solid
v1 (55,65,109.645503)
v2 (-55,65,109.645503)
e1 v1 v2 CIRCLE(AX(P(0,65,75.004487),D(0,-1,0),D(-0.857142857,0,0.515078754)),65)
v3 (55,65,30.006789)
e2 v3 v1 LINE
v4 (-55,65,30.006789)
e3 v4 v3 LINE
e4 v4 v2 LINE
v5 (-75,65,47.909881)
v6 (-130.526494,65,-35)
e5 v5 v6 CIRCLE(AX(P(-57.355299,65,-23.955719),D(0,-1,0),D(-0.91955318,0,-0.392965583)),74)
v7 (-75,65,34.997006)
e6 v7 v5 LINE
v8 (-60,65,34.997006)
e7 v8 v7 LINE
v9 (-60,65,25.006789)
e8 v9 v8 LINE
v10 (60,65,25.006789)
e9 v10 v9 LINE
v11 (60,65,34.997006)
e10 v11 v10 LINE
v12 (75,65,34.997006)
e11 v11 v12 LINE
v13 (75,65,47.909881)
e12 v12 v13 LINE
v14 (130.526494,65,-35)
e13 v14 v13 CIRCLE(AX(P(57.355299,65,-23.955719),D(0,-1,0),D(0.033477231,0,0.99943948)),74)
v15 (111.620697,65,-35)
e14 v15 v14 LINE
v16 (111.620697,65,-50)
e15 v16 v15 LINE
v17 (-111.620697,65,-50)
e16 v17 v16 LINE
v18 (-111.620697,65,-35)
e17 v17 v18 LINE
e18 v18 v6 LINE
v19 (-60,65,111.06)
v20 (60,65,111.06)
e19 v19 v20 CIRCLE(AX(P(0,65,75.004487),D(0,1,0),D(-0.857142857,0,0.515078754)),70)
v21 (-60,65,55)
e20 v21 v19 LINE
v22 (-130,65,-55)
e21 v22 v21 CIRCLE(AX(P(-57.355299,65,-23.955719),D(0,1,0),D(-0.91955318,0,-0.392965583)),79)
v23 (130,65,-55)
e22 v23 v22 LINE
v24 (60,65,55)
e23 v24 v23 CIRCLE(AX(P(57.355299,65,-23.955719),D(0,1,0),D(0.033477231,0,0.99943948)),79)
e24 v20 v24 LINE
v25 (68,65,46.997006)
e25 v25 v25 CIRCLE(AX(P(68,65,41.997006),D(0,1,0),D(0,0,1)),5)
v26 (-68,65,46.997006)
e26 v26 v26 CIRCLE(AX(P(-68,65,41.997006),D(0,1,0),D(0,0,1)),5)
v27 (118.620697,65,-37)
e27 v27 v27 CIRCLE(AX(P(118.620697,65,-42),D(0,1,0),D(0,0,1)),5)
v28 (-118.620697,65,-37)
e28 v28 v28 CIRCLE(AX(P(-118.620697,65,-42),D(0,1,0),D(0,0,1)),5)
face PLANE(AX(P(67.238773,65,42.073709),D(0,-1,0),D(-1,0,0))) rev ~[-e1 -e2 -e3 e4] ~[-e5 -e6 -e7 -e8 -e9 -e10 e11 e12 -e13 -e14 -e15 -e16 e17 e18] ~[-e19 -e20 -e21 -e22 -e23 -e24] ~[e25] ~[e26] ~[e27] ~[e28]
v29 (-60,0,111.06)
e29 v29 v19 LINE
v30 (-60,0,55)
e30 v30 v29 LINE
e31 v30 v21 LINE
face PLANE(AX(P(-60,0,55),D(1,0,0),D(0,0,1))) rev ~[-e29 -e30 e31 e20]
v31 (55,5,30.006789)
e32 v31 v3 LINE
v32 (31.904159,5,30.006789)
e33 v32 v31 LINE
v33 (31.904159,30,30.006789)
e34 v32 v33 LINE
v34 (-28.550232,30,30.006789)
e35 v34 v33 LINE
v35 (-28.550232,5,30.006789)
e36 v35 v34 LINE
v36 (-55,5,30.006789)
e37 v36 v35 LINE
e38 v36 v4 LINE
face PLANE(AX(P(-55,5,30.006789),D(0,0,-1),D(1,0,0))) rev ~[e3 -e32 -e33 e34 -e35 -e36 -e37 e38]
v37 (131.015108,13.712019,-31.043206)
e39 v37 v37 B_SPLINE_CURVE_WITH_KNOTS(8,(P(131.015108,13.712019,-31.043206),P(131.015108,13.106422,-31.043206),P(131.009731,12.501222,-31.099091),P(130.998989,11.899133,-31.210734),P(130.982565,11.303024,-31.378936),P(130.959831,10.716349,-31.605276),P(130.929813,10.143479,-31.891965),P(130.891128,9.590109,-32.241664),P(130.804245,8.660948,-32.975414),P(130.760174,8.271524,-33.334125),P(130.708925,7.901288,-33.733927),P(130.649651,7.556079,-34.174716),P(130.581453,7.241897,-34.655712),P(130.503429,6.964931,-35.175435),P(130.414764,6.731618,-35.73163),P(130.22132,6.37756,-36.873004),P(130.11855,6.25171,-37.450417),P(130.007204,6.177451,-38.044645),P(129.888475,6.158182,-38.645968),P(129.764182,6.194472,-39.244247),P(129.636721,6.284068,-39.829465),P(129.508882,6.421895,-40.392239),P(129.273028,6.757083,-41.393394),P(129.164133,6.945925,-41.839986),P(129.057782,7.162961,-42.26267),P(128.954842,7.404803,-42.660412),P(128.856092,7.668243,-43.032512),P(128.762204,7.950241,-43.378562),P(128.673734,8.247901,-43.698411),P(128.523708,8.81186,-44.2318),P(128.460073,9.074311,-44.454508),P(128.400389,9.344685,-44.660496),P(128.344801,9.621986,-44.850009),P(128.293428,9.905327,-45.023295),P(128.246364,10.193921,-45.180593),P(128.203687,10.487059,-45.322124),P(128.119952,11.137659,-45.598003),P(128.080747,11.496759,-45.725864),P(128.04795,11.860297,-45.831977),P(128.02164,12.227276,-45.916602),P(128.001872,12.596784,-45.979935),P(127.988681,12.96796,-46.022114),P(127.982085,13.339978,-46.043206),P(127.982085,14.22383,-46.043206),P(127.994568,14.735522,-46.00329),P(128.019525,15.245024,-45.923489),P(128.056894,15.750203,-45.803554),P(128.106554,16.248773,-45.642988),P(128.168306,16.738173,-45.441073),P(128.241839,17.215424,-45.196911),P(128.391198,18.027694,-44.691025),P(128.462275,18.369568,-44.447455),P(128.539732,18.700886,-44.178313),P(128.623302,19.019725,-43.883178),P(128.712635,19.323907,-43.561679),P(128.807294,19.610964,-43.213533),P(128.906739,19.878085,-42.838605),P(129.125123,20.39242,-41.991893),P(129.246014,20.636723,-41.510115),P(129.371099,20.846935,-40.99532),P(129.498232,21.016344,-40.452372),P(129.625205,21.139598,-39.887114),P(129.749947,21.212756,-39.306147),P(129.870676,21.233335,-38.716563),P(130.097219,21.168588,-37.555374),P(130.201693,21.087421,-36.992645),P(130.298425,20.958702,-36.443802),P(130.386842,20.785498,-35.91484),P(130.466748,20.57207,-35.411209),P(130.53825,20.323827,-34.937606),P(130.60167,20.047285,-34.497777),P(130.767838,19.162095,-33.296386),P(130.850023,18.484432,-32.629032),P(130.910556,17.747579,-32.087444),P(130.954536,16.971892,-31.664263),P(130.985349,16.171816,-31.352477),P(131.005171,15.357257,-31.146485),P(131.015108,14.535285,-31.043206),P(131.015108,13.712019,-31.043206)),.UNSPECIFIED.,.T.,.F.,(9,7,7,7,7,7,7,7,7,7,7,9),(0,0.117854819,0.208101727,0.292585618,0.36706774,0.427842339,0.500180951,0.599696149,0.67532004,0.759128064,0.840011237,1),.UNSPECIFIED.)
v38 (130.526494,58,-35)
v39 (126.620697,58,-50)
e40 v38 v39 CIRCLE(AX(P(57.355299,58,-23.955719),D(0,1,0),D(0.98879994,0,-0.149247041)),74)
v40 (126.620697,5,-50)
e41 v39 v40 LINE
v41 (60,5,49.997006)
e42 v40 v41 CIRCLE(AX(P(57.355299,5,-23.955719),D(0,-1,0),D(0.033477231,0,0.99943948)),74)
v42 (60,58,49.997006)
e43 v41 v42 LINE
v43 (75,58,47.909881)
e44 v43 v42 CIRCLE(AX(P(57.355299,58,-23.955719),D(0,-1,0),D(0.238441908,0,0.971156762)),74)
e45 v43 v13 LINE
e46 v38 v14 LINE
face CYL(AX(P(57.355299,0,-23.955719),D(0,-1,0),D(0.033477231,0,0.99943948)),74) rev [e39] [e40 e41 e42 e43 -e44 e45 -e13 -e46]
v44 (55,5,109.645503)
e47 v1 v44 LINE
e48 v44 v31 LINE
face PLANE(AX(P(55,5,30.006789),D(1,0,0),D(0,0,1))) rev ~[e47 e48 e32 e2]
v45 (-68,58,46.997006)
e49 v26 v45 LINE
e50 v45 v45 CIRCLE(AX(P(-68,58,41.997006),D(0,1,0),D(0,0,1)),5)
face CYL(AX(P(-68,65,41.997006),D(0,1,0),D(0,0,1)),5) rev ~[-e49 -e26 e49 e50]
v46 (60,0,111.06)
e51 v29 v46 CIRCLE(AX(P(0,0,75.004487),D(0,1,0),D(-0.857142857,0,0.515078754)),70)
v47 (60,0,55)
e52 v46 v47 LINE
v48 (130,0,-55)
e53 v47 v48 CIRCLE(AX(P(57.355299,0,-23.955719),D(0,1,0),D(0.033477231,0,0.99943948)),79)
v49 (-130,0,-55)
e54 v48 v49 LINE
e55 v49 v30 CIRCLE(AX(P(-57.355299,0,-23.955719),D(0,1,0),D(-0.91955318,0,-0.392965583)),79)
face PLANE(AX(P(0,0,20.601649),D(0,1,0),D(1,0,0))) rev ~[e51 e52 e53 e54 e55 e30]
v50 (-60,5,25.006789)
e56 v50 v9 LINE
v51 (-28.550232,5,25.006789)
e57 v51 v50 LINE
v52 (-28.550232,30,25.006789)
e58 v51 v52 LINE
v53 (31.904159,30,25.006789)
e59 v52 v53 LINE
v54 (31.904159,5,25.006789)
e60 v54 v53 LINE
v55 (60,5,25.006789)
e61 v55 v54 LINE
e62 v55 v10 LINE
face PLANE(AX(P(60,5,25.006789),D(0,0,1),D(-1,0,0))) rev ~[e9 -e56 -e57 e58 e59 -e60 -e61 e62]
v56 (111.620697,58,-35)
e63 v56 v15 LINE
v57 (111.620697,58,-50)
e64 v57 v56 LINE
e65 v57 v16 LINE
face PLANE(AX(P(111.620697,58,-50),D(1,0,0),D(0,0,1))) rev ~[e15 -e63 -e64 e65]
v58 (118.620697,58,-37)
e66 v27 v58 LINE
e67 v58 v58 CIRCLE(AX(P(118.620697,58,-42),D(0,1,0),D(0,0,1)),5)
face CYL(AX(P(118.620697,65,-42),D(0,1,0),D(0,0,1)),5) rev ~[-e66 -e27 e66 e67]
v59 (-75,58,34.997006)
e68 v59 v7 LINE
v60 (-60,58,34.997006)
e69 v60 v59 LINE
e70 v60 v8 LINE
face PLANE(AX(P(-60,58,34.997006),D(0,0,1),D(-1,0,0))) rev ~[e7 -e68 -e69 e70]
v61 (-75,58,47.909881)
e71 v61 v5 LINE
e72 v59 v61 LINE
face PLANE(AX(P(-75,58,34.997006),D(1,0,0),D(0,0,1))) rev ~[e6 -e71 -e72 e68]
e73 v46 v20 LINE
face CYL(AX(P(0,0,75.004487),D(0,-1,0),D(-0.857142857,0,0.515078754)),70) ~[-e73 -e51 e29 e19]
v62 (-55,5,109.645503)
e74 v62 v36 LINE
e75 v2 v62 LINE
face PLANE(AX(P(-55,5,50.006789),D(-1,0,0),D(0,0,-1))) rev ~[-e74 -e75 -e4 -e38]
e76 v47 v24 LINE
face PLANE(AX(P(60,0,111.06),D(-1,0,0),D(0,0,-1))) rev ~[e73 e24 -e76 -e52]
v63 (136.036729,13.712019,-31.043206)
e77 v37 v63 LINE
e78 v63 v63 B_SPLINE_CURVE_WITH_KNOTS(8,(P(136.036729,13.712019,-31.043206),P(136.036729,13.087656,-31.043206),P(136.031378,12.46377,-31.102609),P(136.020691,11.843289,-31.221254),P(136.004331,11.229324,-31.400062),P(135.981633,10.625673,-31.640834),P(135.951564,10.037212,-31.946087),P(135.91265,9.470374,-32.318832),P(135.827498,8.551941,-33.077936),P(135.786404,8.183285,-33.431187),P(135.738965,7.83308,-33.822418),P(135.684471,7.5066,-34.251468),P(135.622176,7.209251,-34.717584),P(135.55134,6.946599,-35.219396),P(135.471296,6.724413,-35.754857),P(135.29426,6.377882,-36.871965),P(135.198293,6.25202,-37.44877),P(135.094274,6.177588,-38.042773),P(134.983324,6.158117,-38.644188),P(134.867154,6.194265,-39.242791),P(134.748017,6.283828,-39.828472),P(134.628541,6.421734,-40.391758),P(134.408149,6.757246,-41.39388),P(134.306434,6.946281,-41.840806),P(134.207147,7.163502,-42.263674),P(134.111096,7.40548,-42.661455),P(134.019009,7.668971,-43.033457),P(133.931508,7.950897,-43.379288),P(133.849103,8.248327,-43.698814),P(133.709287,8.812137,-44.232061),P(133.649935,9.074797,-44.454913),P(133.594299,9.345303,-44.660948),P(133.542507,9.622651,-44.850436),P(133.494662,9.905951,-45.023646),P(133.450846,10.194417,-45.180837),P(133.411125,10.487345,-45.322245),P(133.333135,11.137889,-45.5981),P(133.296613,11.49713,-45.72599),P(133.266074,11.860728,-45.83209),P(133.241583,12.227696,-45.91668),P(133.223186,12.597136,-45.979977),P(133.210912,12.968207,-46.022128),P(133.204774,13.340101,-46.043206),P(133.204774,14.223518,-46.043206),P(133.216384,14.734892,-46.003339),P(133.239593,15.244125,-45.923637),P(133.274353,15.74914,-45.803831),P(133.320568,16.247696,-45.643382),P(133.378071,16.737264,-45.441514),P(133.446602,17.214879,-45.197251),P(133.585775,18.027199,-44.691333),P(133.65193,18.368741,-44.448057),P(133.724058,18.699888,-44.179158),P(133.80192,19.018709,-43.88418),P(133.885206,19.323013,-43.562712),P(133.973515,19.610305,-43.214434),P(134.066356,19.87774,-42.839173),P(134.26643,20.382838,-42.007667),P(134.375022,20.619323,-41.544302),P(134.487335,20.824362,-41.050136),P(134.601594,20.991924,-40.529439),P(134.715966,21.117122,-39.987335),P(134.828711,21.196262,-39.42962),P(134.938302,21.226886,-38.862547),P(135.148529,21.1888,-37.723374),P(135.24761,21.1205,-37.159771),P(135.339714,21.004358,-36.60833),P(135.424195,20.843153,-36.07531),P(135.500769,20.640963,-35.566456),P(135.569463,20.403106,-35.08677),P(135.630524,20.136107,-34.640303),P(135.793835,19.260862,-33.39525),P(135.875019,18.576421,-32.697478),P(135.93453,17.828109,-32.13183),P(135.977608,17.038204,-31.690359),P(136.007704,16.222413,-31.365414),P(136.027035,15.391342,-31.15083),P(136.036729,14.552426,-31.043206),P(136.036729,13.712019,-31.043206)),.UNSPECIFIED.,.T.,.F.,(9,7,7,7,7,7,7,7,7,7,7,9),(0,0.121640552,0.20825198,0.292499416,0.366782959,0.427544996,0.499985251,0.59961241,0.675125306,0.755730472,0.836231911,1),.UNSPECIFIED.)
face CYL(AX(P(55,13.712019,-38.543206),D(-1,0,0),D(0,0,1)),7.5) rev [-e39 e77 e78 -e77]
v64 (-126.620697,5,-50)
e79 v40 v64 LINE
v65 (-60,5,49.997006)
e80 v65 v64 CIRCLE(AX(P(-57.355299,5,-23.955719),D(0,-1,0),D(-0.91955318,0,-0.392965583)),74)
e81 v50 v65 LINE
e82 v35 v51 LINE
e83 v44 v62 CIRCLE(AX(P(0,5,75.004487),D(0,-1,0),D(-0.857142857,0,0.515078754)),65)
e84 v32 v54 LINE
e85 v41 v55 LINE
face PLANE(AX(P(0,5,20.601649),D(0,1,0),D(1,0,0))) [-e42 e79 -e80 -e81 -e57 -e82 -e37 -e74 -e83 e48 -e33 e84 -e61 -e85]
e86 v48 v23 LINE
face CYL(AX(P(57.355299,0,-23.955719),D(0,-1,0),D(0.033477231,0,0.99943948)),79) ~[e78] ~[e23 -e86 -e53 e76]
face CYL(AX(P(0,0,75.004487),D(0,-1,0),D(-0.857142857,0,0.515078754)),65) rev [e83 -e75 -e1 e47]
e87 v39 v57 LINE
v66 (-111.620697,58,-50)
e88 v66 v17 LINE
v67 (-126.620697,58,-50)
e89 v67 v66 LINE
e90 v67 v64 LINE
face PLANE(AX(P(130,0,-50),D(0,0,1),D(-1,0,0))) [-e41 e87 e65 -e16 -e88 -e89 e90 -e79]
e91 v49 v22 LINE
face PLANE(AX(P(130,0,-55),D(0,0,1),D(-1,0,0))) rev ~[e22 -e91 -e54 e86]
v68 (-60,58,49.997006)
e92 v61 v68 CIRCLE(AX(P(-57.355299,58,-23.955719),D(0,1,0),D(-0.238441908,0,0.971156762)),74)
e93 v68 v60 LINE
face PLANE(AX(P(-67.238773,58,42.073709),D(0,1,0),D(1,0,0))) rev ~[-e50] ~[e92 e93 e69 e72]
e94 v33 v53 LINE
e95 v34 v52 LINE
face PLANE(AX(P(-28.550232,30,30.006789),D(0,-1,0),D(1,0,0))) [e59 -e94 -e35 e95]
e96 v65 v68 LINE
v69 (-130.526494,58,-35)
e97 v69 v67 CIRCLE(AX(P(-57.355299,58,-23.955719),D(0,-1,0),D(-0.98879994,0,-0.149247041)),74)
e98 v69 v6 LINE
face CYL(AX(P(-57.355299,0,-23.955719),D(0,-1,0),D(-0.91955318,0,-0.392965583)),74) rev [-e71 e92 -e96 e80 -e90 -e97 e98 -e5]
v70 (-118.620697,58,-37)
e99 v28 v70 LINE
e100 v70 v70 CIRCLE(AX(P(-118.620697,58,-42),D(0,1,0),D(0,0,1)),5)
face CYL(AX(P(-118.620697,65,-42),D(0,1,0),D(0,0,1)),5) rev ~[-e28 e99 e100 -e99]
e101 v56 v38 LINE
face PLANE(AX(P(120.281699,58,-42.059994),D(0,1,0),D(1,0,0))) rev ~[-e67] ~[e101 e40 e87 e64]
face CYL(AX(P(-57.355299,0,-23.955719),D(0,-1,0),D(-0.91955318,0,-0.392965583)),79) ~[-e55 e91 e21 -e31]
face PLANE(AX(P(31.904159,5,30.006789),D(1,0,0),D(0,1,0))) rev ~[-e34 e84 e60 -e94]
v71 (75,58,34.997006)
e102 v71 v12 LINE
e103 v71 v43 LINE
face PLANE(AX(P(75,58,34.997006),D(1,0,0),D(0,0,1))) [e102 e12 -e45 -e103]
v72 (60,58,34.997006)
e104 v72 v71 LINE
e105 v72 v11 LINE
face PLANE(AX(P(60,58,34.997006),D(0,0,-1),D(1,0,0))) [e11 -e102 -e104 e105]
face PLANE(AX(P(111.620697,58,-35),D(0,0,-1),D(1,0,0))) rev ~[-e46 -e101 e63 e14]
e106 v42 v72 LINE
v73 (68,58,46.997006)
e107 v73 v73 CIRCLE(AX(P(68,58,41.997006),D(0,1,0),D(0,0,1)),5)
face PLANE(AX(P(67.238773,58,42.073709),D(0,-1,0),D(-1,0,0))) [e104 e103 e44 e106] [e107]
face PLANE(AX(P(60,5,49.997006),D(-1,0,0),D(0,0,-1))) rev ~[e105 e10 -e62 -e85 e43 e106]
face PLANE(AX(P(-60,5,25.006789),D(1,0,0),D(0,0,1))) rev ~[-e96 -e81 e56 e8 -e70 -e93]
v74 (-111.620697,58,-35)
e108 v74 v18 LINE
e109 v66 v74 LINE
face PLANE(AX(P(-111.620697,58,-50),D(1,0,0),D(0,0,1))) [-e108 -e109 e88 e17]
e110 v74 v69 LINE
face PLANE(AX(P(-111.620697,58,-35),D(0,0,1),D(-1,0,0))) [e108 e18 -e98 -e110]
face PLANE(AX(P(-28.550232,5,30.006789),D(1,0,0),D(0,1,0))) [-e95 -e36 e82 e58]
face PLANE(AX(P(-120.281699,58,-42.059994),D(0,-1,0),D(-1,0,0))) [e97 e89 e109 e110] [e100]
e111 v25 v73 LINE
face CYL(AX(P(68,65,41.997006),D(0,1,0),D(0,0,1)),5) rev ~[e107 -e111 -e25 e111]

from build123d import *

# Parameters (mm, degrees)
SALIENTE_EXTRUIR1_DEPTH    = 65
VACIADO1_T                 = -5
SALIENTE_EXTRUIR2_DEPTH    = 60
CROQUIS4_W                 = 60.454390592
CROQUIS4_H                 = 25
CORTAR_EXTRUIR1_DEPTH      = 65
CORTAR_EXTRUIR2_DEPTH      = 65
CORTAR_EXTRUIR2_DEPTH_BACK = 75
CROQUIS5_R                 = 7.5
SALIENTE_EXTRUIR3_START    = -7
SALIENTE_EXTRUIR3_DEPTH    = 7
SALIENTE_EXTRUIR5_START    = -7
SALIENTE_EXTRUIR5_DEPTH    = 7
SALIENTE_EXTRUIR7_START    = -7
SALIENTE_EXTRUIR7_DEPTH    = 7
SALIENTE_EXTRUIR8_START    = -7
SALIENTE_EXTRUIR8_DEPTH    = 7
CROQUIS12_R                = 5
CORTAR_EXTRUIR3_DEPTH      = 8


with BuildPart() as part:
    # Croquis2 → Saliente-Extruir1 (new body)
    with BuildSketch(Plane(origin=(0, 0, 0), x_dir=(1, 0, 0), z_dir=(0, 1, 0))):
        with BuildLine():
            ThreePointArc((60, -55), (124.004556318, -18.45744493), (130, 55))
            Line((130, 55), (-130, 55))
            ThreePointArc((-130, 55), (-124.004556318, -18.45744493), (-60, -55))
            Line((-60, -55), (-60, -111.06))
            ThreePointArc((-60, -111.06), (0, -145.004487245), (60, -111.06))
            Line((60, -111.06), (60, -55))
        make_face()
    extrude(amount=SALIENTE_EXTRUIR1_DEPTH)

    # Vaciado1
    vaciado1_openings = [part.faces().sort_by_distance(p)[0] for p in [
        (0, 65, 22.416037692),
    ]]
    offset(amount=VACIADO1_T, openings=vaciado1_openings, kind=Kind.INTERSECTION)

    # Croquis3 → Saliente-Extruir2 (add)
    with BuildSketch(Plane(origin=(0, 5, 0), x_dir=(1, 0, 0), z_dir=(0, 1, 0))):
        with BuildLine():
            ThreePointArc((-60, -49.997006185), (-57.500082648, -50.044139409), (-55, -50.006788897))
            Line((-55, -50.006788897), (-55, -30.006788897))
            Line((-55, -30.006788897), (55, -30.006788897))
            Line((55, -30.006788897), (55, -50.006788897))
            ThreePointArc((55, -50.006788897), (57.500082648, -50.044139409), (60, -49.997006185))
            Line((60, -49.997006185), (60, -25.006788897))
            Line((60, -25.006788897), (-60, -25.006788897))
            Line((-60, -25.006788897), (-60, -49.997006185))
        make_face()
    extrude(amount=SALIENTE_EXTRUIR2_DEPTH)

    # Croquis4 → Cortar-Extruir1 (cut)
    with BuildSketch(Plane.XY.offset(30.006788897)):
        with Locations((1.676963708, 17.5)):
            Rectangle(CROQUIS4_W, CROQUIS4_H)
    extrude(amount=-CORTAR_EXTRUIR1_DEPTH, mode=Mode.SUBTRACT)

    # Croquis5 → Cortar-Extruir2 (cut, two sides: drawn at the far end of the back side and taken through both)
    with BuildSketch(Plane(origin=(130, 0, 0), x_dir=(0, 0, -1), z_dir=(1, 0, 0)).offset(-CORTAR_EXTRUIR2_DEPTH_BACK)):
        with Locations(Location((38.54320604, 13.712018928, 0), (0, 0, 180))):
            Circle(CROQUIS5_R)
    extrude(amount=CORTAR_EXTRUIR2_DEPTH + CORTAR_EXTRUIR2_DEPTH_BACK, mode=Mode.SUBTRACT)

    # Croquis6 → Saliente-Extruir3 (add)
    with BuildSketch(Plane(origin=(0, 65, 0), x_dir=(1, 0, 0), z_dir=(0, 1, 0)).offset(SALIENTE_EXTRUIR3_START)):
        with BuildLine():
            Line((-126.620697254, 50), (-111.620697254, 50))
            Line((-111.620697254, 50), (-111.620697254, 35))
            Line((-111.620697254, 35), (-130.526494323, 35))
            ThreePointArc((-130.526494323, 35), (-128.967419464, 42.602546357), (-126.620697254, 50))
        make_face()
    extrude(amount=SALIENTE_EXTRUIR3_DEPTH)

    # Croquis8 → Saliente-Extruir5 (add)
    with BuildSketch(Plane(origin=(0, 65, 0), x_dir=(1, 0, 0), z_dir=(0, 1, 0)).offset(SALIENTE_EXTRUIR5_START)):
        with BuildLine():
            Line((126.620697254, 50), (111.620697254, 50))
            Line((111.620697254, 50), (111.620697254, 35))
            Line((111.620697254, 35), (130.526494323, 35))
            ThreePointArc((130.526494323, 35), (128.967419464, 42.602546357), (126.620697254, 50))
        make_face()
    extrude(amount=SALIENTE_EXTRUIR5_DEPTH)

    # Croquis10 → Saliente-Extruir7 (add)
    with BuildSketch(Plane(origin=(0, 65, 0), x_dir=(1, 0, 0), z_dir=(0, 1, 0)).offset(SALIENTE_EXTRUIR7_START)):
        with BuildLine():
            Line((-60, -49.997006185), (-60, -34.997006185))
            Line((-60, -34.997006185), (-75, -34.997006185))
            Line((-75, -34.997006185), (-75, -47.909881434))
            ThreePointArc((-75, -47.909881434), (-67.5535332, -49.338182668), (-60, -49.997006185))
        make_face()
    extrude(amount=SALIENTE_EXTRUIR7_DEPTH)

    # Croquis11 → Saliente-Extruir8 (add)
    with BuildSketch(Plane(origin=(0, 65, 0), x_dir=(1, 0, 0), z_dir=(0, 1, 0)).offset(SALIENTE_EXTRUIR8_START)):
        with BuildLine():
            Line((60, -49.997006185), (60, -34.997006185))
            Line((60, -34.997006185), (75, -34.997006185))
            Line((75, -34.997006185), (75, -47.909881434))
            ThreePointArc((75, -47.909881434), (67.5535332, -49.338182668), (60, -49.997006185))
        make_face()
    extrude(amount=SALIENTE_EXTRUIR8_DEPTH)

    # Croquis12 → Cortar-Extruir3 (cut)
    with BuildSketch(Plane(origin=(0, 65, 0), x_dir=(1, 0, 0), z_dir=(0, 1, 0))):
        with Locations(Location((-68, -41.997006185, 0), (0, 0, 270))):
            Circle(CROQUIS12_R)
        with Locations(Location((-118.620697254, 42, 0), (0, 0, 270))):
            Circle(CROQUIS12_R)
        with Locations(Location((118.620697254, 42, 0), (0, 0, 270))):
            Circle(CROQUIS12_R)
        with Locations(Location((68, -41.997006185, 0), (0, 0, 270))):
            Circle(CROQUIS12_R)
    extrude(amount=-CORTAR_EXTRUIR3_DEPTH, mode=Mode.SUBTRACT)


solid = part.part
